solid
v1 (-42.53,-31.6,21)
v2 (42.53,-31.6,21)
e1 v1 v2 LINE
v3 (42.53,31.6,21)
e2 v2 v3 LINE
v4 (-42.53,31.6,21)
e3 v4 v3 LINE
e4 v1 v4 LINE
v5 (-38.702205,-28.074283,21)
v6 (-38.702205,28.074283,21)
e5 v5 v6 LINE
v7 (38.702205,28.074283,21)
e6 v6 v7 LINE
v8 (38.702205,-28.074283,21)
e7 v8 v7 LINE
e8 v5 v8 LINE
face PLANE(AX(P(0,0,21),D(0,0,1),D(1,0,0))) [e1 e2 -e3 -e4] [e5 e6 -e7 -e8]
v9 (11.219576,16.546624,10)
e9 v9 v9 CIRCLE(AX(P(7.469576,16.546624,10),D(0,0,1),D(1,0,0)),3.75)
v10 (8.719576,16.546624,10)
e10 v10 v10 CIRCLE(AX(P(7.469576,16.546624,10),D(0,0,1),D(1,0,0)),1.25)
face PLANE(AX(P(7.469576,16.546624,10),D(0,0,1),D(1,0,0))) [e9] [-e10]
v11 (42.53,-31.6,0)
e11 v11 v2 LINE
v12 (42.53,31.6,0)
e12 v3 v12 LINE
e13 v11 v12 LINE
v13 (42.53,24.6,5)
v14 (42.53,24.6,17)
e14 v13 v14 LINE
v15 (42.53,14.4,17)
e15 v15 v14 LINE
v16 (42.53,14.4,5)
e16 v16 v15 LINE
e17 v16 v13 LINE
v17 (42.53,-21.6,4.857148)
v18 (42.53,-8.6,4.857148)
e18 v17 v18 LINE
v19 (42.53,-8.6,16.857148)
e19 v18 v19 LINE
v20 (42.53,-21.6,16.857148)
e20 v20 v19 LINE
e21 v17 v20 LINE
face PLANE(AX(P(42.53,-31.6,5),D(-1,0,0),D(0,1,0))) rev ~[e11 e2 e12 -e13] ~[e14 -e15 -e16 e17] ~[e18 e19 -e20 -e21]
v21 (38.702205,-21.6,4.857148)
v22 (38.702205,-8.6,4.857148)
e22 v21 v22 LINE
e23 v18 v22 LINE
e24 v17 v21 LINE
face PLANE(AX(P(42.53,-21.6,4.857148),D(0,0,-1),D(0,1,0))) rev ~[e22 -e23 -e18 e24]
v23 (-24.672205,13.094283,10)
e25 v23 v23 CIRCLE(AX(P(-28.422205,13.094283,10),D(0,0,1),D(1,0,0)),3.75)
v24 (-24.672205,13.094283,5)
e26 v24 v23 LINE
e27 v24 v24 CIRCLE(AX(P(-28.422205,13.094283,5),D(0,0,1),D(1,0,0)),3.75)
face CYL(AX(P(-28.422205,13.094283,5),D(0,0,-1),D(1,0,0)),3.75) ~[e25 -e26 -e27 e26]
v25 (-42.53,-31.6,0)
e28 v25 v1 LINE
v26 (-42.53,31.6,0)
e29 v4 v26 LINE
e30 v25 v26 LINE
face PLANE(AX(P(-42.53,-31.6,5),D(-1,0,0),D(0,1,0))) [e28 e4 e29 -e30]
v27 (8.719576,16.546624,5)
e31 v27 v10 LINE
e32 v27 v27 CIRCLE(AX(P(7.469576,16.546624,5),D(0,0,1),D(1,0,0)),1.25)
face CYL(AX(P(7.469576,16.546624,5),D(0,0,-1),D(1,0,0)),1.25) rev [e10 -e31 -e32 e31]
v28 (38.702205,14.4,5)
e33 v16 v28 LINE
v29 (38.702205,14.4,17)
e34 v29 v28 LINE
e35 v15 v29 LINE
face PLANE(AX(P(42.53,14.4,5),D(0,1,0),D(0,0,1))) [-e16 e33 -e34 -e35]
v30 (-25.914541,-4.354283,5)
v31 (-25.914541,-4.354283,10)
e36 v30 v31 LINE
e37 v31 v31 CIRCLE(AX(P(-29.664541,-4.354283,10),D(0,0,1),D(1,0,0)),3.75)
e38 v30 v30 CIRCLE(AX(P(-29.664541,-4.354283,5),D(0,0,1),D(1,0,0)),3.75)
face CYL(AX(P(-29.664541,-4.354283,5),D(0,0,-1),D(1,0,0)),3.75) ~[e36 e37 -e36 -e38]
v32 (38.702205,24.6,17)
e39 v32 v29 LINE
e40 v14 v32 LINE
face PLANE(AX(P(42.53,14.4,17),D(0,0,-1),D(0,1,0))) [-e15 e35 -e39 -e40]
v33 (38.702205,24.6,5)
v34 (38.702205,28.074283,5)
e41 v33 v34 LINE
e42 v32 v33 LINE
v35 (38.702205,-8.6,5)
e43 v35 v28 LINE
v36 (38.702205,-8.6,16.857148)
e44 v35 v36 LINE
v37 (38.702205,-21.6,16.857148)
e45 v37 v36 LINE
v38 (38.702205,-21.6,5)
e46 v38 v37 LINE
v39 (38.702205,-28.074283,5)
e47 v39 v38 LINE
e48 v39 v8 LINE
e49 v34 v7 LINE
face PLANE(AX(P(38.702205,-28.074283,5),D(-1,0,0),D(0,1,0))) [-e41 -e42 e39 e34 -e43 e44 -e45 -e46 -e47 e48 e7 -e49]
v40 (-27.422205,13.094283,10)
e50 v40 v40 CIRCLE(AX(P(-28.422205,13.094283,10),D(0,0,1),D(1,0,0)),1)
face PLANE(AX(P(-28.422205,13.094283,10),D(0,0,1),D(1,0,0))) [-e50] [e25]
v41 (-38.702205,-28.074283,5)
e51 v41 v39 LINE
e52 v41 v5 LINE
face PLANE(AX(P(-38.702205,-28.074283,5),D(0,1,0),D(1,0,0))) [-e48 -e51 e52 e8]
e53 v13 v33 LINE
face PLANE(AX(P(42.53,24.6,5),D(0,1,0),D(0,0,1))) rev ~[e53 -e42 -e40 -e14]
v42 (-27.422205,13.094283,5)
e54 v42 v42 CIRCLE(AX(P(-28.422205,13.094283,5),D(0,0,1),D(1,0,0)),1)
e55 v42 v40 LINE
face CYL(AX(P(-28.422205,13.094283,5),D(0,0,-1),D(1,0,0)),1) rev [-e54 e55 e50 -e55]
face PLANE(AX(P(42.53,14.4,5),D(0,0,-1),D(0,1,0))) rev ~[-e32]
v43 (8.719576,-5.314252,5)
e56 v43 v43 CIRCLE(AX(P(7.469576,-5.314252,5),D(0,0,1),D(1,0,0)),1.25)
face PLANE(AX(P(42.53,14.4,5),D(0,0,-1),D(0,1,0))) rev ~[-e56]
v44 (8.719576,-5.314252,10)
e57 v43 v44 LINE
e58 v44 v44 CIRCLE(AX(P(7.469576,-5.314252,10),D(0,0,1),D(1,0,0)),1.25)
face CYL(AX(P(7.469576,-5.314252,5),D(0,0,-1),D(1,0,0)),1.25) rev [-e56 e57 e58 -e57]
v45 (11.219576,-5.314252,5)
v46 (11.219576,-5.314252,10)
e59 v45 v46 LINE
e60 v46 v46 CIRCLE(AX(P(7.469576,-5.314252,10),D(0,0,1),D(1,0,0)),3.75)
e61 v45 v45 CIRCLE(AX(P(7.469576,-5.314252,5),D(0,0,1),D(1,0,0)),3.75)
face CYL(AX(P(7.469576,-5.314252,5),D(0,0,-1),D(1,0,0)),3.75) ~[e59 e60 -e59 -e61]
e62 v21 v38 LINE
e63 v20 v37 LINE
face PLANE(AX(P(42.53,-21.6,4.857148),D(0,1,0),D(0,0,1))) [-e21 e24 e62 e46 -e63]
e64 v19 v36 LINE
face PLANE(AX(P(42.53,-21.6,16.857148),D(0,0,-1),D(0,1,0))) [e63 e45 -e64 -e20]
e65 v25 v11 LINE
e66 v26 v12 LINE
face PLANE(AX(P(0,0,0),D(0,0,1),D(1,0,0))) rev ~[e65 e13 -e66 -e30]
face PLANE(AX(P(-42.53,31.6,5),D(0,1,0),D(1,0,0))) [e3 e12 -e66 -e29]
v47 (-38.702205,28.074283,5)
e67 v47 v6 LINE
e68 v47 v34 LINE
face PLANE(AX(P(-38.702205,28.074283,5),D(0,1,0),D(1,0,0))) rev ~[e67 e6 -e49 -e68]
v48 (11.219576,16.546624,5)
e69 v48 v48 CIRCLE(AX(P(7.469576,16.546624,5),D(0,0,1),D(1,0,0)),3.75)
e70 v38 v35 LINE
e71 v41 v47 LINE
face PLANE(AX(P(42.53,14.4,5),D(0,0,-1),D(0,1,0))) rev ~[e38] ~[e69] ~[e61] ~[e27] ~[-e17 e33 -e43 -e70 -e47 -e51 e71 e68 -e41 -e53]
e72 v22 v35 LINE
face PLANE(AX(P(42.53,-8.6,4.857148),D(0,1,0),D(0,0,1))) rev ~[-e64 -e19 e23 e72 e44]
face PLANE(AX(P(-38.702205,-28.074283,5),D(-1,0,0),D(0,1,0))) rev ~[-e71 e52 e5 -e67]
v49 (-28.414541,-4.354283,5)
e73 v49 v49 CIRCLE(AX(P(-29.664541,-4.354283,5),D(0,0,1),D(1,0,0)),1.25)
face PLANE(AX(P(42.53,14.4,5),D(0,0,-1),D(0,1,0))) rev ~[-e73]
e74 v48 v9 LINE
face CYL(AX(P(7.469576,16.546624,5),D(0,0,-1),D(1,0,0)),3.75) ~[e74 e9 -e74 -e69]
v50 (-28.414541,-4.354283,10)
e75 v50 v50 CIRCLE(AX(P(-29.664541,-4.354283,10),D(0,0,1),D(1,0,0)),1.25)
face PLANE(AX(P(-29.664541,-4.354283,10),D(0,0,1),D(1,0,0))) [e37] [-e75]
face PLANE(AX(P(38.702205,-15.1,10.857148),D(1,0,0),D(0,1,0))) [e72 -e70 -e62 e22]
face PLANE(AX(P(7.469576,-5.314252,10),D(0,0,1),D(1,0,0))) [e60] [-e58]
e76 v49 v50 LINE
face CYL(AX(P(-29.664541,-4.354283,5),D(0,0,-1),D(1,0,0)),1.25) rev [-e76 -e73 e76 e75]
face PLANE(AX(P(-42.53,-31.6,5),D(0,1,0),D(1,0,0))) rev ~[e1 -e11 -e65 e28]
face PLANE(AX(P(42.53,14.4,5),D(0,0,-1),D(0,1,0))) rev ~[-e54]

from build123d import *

# Parameters (mm, degrees)
F0_W     = 85.06
F0_H     = 63.2
F1_DEPTH = 5
F2_W     = 85.06
F2_H     = 63.2
F2_W_2   = 77.40441
F2_H_2   = 56.148566
F3_DEPTH = 16
F4_W     = 10.2
F4_H     = 12
F5_DEPTH = 25
F6_W     = 13
F6_H     = 12
F7_DEPTH = 3.827795
F8_R     = 3.75
F8_R_2   = 1
F8_R_3   = 1.25
F9_DEPTH = 5


with BuildPart() as f1:
    # F0 (on Top) → F1 (new body)
    with BuildSketch(Plane.XY):
        Rectangle(F0_W, F0_H)
    extrude(amount=F1_DEPTH)

    # F2 (on face) → F3 (join)
    with BuildSketch(Plane.XY.offset(5)):
        Rectangle(F2_W, F2_H)
        Rectangle(F2_W_2, F2_H_2, mode=Mode.SUBTRACT)
    extrude(amount=F3_DEPTH)

    # F4 (on face) → F5 (cut)
    with BuildSketch(Plane.YZ.offset(42.53)):
        with Locations((19.5, 11)):
            Rectangle(F4_W, F4_H)
    extrude(amount=-F5_DEPTH, mode=Mode.SUBTRACT)

    # F6 (on face) → F7 (cut, through all)
    with BuildSketch(Plane.YZ.offset(42.53)):
        with Locations((-15.1, 10.857148)):
            Rectangle(F6_W, F6_H)
    extrude(amount=-F7_DEPTH, mode=Mode.SUBTRACT)

    # F8 (on face) → F9 (join)
    with BuildSketch(Plane.XY.offset(5)):
        with Locations((-28.422205, 13.094283)):
            Circle(F8_R)
        with Locations((-28.422205, 13.094283)):
            Circle(F8_R_2, mode=Mode.SUBTRACT)
        with Locations((-29.664541, -4.354283)):
            Circle(F8_R)
        with Locations((-29.664541, -4.354283)):
            Circle(F8_R_3, mode=Mode.SUBTRACT)
        with Locations((7.469576, 16.546624)):
            Circle(F8_R)
        with Locations((7.469576, 16.546624)):
            Circle(F8_R_3, mode=Mode.SUBTRACT)
        with Locations((7.469576, -5.314252)):
            Circle(F8_R)
        with Locations((7.469576, -5.314252)):
            Circle(F8_R_3, mode=Mode.SUBTRACT)
    extrude(amount=F9_DEPTH)


solid = f1.part
